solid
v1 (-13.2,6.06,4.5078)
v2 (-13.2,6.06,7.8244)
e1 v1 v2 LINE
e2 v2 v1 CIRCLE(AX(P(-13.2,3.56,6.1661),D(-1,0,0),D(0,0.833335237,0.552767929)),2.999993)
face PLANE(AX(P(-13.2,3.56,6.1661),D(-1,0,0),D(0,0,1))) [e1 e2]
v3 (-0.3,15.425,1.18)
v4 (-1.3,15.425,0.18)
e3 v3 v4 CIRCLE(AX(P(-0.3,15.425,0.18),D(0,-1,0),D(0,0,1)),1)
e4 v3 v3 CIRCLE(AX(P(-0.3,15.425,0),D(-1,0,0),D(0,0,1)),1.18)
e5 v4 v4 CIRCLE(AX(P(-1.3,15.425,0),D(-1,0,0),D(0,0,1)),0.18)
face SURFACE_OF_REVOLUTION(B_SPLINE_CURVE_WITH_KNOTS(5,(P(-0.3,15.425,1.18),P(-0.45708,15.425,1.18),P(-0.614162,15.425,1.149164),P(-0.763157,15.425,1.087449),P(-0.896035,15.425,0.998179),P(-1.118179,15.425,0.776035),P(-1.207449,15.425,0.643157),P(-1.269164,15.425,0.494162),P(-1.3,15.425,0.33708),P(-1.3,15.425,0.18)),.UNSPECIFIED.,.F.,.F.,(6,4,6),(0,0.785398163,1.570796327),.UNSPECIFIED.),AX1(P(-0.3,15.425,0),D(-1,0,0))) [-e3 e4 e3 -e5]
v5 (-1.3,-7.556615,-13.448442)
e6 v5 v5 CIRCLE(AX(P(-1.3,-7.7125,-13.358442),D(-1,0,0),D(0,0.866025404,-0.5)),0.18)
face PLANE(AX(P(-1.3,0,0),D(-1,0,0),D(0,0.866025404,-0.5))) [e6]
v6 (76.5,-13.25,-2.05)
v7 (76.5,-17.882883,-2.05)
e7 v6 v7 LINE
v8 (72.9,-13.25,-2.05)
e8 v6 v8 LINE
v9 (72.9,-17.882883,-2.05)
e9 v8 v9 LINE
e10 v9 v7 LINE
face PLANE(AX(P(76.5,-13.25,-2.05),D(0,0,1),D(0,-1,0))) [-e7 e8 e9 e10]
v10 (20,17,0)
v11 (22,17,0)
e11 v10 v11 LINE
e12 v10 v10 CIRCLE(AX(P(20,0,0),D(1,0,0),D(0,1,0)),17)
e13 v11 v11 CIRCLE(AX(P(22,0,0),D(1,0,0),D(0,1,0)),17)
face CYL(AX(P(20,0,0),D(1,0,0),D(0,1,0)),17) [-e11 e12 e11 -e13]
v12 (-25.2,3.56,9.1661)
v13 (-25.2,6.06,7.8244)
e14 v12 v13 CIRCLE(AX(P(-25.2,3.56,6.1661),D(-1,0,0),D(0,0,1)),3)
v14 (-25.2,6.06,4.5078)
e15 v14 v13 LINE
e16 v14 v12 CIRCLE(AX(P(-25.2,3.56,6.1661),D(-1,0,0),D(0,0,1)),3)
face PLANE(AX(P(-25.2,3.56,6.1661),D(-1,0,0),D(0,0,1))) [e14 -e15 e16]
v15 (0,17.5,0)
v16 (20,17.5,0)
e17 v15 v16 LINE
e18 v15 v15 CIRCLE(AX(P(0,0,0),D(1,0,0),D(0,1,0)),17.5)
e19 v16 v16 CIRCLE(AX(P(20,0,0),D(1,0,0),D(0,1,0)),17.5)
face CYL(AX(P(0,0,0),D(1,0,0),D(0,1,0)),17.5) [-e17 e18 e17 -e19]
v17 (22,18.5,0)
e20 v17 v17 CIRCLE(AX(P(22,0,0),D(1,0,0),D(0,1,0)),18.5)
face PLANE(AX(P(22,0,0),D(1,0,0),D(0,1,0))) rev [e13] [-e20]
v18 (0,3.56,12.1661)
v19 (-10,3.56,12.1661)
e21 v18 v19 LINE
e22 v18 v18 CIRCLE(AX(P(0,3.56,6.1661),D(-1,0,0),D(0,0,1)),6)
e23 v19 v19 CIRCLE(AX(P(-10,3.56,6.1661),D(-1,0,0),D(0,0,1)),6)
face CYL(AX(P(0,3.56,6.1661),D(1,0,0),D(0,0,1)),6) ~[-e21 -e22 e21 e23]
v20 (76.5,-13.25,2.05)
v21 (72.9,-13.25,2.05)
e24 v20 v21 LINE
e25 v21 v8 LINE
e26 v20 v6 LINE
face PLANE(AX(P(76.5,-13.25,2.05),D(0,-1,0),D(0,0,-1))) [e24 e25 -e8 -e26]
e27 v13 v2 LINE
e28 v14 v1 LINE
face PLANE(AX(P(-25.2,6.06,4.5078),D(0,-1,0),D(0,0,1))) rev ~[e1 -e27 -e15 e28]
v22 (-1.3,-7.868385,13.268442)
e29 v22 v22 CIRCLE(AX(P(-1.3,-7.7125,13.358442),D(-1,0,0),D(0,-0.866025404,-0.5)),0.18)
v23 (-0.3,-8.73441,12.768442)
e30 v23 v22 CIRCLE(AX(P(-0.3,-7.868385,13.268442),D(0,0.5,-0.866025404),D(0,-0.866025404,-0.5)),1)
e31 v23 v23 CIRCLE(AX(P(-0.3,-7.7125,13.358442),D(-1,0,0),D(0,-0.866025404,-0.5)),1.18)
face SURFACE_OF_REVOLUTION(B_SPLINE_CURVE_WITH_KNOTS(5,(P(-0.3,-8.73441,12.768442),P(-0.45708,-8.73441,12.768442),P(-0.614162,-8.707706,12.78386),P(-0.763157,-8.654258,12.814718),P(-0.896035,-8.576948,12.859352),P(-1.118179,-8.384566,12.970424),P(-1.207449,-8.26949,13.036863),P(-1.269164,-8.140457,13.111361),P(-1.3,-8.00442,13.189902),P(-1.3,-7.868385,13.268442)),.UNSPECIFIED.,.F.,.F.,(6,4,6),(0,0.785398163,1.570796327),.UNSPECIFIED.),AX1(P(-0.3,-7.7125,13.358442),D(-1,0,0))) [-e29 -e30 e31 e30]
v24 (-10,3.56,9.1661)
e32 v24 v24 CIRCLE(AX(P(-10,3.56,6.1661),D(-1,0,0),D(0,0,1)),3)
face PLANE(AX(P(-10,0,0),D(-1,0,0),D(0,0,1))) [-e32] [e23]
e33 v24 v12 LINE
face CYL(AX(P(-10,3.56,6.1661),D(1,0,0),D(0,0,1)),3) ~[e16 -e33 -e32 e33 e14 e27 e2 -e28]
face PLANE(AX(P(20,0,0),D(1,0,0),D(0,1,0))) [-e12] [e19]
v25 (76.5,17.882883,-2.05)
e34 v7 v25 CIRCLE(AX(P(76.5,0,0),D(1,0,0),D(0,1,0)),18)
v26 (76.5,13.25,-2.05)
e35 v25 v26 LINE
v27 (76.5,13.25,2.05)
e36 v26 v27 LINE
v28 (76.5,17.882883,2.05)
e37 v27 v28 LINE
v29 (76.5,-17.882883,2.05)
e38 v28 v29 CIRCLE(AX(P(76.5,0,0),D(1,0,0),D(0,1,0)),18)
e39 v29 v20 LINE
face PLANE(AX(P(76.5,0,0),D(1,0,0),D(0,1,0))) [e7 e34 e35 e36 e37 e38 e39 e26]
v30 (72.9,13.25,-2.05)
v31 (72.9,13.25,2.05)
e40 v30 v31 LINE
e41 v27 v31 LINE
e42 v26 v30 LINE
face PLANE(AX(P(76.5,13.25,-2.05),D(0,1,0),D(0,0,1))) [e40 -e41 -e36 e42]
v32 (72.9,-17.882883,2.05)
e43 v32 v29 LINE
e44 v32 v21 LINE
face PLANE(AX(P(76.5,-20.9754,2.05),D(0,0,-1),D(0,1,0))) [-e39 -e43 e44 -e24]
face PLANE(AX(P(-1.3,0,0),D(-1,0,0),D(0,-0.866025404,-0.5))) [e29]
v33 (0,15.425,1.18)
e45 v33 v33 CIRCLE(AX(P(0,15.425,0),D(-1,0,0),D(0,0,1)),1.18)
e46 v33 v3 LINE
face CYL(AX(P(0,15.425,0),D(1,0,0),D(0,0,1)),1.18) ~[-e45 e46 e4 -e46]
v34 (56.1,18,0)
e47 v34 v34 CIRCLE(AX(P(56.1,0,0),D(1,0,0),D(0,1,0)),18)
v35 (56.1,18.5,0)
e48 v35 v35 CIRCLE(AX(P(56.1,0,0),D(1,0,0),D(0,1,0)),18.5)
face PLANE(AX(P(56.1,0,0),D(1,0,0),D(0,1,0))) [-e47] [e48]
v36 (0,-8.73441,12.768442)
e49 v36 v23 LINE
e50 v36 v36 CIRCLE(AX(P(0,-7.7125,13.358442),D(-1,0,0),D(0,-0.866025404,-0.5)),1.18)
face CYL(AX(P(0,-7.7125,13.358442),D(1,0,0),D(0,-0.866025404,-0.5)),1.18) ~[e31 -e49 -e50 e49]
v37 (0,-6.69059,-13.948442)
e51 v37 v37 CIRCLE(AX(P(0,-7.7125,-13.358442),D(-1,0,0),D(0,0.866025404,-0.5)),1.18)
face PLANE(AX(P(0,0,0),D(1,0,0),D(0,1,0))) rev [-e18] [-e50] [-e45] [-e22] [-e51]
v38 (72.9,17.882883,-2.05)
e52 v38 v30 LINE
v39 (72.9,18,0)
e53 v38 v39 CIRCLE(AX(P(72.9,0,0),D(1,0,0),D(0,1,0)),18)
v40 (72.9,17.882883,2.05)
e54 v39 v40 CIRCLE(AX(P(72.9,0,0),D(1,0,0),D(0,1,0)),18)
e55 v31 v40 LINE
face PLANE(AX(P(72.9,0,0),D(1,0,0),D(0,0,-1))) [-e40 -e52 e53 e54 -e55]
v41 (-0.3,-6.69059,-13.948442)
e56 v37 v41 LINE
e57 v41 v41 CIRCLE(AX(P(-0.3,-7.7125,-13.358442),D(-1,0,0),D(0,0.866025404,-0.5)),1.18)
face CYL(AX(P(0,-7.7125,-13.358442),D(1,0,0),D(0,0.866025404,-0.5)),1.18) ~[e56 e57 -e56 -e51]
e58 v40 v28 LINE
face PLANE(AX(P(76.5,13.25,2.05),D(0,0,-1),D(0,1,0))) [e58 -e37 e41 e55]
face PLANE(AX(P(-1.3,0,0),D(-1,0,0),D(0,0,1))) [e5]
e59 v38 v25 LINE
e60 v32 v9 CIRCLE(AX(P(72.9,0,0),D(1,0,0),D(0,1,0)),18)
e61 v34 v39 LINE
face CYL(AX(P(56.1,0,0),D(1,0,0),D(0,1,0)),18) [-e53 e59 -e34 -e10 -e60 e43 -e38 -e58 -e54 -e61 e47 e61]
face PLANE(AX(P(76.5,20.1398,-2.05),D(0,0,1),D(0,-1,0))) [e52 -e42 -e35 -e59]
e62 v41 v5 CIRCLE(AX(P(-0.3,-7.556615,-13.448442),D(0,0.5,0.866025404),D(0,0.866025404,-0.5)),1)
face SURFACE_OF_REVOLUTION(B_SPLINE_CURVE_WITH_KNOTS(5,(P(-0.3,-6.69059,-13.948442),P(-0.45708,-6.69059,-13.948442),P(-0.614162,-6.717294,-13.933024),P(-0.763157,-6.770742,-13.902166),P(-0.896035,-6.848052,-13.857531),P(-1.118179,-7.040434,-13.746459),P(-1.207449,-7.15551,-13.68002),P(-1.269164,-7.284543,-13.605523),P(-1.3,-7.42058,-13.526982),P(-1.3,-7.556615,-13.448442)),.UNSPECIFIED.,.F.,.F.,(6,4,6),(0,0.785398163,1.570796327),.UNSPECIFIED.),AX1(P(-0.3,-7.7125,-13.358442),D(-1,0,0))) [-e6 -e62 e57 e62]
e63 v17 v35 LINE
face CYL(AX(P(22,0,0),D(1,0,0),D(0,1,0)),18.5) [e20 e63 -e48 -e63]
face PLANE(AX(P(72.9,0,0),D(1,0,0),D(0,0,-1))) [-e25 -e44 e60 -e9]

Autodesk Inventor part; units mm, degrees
ref_plane "YZ Plane" through (0, 0, 0) normal (1, 0, 0) x (0, 1, 0)
ref_plane "XZ Plane" through (0, 0, 0) normal (0, 1, 0) x (-1, 0, 0)
ref_plane "XY Plane" through (0, 0, 0) normal (0, 0, 1) x (1, 0, 0)
sketch "Sketch1" plane through (0, 0, 0) normal (0, 0, 1) x (1, 0, 0)
  line L0 (0, 0) -> (76.5, 0)
  line L1 (0, 0) -> (0, 17.5)
  line L2 (0, 17.5) -> (20, 17.5)
  line L3 (20, 17.5) -> (20, 17)
  line L4 (20, 17) -> (22, 17)
  line L5 (22, 17) -> (22, 18.5)
  line L6 (22, 18.5) -> (56.1, 18.5)
  line L7 (56.1, 18.5) -> (56.1, 18)
  line L8 (56.1, 18) -> (76.5, 18)
  line L9 (76.5, 18) -> (76.5, 0)
  dimension "d0" = 76.5
  dimension "d1" = 34
  dimension "d2" = 35
  dimension "d3" = 37
  dimension "d4" = 36
  dimension "d5" = 20
  dimension "d6" = 2
  dimension "d7" = 34.1
revolve "Revolution1" add sketch "Sketch1" angle 360 about axis through (0, 0, 0) along (1, 0, 0)
sketch "Sketch2" plane through (76.5, 0, 0) normal (1, 0, 0) x (0, 0, -1)
  line L0 (-2.05, 20.1398) -> (2.05, 20.1398)
  line L1 (2.05, 20.1398) -> (2.05, 13.25)
  line L2 (2.05, 13.25) -> (-2.05, 13.25)
  line L3 (-2.05, 13.25) -> (-2.05, 20.1398)
  line L4 (-2.05, -13.25) -> (2.05, -13.25)
  line L5 (2.05, -13.25) -> (2.05, -20.9754)
  line L6 (2.05, -20.9754) -> (-2.05, -20.9754)
  line L7 (-2.05, -20.9754) -> (-2.05, -13.25)
  point P0 (0, 0)
  dimension "d9" = 4.1
  dimension "d10" = 4.1
  dimension "d11" = 2.05
  dimension "d12" = 2.05
  dimension "d13" = 26.5
  dimension "d14" = 13.25
extrude "Extrusion1" cut sketch "Sketch2" against normal blind 3.6
sketch "Sketch3" plane through (0, 0, 0) normal (-1, 0, 0) x (0, 0, 1)
  circle A0 centre (0, 0) radius 15.425 construction
  circle A1 centre (0, 15.425) radius 1.18
  dimension "d17" = 30.85
  dimension "d18" = 2.36
extrude "Extrusion2" add sketch "Sketch3" along normal blind 1.3
fillet "Fillet1" radius 1 1 edges at (-1.3, 15.425, -1.18)
pattern_circular "Circular Pattern1" count 3 over 360 about axis through (39.05, 0, 0) along (1, 0, 0) of "Extrusion2", "Fillet1"
sketch "Sketch4" plane through (0, 0, 0) normal (-1, 0, 0) x (0, 0, 1)
  circle A0 centre (0, 15.425) radius 1.18 construction
  circle A1 centre (13.3584, -7.7125) radius 1.18 construction
  line L0 (0, 15.425) -> (13.3584, -7.7125) construction
  line L1 (6.6792, 3.8563) -> (24.6731, 14.245) construction
  circle A2 centre (6.1661, 3.56) radius 6
  point P0 (0, 0)
  dimension "d25" = 7.12
  dimension "d26" = 12
extrude "Extrusion3" add sketch "Sketch4" along normal blind 10
sketch "Sketch5" plane through (-10, 3.56, 6.1661) normal (-1, 0, 0) x (0, 0, 1)
  circle A0 centre (0, 0) radius 6 construction
  circle A1 centre (0, 0) radius 3
  point P0 (-6.1661, -3.56)
  dimension "d29" = 6
extrude "Extrusion4" add sketch "Sketch5" along normal blind 15.2
sketch "Sketch6" plane through (-25.2, 3.56, 6.1661) normal (-1, 0, 0) x (0, 0, 1)
  circle A0 centre (0, 0) radius 3 construction
  arc A1 (1.6583, 2.5) -> (-1.6583, 2.5) centre (0, 0) ccw
  line L0 (-1.6583, 2.5) -> (1.6583, 2.5)
  point P0 (-6.1661, -3.56)
  dimension "d35" = 2.5
extrude "Extrusion5" cut sketch "Sketch6" against normal blind 12
equation "\"d11\" = 0.5 * d10"
equation "\"d12\" = 0.5 * d9"
equation "\"d14\" = 0.5 * d13"
properties part number "Moteur"
